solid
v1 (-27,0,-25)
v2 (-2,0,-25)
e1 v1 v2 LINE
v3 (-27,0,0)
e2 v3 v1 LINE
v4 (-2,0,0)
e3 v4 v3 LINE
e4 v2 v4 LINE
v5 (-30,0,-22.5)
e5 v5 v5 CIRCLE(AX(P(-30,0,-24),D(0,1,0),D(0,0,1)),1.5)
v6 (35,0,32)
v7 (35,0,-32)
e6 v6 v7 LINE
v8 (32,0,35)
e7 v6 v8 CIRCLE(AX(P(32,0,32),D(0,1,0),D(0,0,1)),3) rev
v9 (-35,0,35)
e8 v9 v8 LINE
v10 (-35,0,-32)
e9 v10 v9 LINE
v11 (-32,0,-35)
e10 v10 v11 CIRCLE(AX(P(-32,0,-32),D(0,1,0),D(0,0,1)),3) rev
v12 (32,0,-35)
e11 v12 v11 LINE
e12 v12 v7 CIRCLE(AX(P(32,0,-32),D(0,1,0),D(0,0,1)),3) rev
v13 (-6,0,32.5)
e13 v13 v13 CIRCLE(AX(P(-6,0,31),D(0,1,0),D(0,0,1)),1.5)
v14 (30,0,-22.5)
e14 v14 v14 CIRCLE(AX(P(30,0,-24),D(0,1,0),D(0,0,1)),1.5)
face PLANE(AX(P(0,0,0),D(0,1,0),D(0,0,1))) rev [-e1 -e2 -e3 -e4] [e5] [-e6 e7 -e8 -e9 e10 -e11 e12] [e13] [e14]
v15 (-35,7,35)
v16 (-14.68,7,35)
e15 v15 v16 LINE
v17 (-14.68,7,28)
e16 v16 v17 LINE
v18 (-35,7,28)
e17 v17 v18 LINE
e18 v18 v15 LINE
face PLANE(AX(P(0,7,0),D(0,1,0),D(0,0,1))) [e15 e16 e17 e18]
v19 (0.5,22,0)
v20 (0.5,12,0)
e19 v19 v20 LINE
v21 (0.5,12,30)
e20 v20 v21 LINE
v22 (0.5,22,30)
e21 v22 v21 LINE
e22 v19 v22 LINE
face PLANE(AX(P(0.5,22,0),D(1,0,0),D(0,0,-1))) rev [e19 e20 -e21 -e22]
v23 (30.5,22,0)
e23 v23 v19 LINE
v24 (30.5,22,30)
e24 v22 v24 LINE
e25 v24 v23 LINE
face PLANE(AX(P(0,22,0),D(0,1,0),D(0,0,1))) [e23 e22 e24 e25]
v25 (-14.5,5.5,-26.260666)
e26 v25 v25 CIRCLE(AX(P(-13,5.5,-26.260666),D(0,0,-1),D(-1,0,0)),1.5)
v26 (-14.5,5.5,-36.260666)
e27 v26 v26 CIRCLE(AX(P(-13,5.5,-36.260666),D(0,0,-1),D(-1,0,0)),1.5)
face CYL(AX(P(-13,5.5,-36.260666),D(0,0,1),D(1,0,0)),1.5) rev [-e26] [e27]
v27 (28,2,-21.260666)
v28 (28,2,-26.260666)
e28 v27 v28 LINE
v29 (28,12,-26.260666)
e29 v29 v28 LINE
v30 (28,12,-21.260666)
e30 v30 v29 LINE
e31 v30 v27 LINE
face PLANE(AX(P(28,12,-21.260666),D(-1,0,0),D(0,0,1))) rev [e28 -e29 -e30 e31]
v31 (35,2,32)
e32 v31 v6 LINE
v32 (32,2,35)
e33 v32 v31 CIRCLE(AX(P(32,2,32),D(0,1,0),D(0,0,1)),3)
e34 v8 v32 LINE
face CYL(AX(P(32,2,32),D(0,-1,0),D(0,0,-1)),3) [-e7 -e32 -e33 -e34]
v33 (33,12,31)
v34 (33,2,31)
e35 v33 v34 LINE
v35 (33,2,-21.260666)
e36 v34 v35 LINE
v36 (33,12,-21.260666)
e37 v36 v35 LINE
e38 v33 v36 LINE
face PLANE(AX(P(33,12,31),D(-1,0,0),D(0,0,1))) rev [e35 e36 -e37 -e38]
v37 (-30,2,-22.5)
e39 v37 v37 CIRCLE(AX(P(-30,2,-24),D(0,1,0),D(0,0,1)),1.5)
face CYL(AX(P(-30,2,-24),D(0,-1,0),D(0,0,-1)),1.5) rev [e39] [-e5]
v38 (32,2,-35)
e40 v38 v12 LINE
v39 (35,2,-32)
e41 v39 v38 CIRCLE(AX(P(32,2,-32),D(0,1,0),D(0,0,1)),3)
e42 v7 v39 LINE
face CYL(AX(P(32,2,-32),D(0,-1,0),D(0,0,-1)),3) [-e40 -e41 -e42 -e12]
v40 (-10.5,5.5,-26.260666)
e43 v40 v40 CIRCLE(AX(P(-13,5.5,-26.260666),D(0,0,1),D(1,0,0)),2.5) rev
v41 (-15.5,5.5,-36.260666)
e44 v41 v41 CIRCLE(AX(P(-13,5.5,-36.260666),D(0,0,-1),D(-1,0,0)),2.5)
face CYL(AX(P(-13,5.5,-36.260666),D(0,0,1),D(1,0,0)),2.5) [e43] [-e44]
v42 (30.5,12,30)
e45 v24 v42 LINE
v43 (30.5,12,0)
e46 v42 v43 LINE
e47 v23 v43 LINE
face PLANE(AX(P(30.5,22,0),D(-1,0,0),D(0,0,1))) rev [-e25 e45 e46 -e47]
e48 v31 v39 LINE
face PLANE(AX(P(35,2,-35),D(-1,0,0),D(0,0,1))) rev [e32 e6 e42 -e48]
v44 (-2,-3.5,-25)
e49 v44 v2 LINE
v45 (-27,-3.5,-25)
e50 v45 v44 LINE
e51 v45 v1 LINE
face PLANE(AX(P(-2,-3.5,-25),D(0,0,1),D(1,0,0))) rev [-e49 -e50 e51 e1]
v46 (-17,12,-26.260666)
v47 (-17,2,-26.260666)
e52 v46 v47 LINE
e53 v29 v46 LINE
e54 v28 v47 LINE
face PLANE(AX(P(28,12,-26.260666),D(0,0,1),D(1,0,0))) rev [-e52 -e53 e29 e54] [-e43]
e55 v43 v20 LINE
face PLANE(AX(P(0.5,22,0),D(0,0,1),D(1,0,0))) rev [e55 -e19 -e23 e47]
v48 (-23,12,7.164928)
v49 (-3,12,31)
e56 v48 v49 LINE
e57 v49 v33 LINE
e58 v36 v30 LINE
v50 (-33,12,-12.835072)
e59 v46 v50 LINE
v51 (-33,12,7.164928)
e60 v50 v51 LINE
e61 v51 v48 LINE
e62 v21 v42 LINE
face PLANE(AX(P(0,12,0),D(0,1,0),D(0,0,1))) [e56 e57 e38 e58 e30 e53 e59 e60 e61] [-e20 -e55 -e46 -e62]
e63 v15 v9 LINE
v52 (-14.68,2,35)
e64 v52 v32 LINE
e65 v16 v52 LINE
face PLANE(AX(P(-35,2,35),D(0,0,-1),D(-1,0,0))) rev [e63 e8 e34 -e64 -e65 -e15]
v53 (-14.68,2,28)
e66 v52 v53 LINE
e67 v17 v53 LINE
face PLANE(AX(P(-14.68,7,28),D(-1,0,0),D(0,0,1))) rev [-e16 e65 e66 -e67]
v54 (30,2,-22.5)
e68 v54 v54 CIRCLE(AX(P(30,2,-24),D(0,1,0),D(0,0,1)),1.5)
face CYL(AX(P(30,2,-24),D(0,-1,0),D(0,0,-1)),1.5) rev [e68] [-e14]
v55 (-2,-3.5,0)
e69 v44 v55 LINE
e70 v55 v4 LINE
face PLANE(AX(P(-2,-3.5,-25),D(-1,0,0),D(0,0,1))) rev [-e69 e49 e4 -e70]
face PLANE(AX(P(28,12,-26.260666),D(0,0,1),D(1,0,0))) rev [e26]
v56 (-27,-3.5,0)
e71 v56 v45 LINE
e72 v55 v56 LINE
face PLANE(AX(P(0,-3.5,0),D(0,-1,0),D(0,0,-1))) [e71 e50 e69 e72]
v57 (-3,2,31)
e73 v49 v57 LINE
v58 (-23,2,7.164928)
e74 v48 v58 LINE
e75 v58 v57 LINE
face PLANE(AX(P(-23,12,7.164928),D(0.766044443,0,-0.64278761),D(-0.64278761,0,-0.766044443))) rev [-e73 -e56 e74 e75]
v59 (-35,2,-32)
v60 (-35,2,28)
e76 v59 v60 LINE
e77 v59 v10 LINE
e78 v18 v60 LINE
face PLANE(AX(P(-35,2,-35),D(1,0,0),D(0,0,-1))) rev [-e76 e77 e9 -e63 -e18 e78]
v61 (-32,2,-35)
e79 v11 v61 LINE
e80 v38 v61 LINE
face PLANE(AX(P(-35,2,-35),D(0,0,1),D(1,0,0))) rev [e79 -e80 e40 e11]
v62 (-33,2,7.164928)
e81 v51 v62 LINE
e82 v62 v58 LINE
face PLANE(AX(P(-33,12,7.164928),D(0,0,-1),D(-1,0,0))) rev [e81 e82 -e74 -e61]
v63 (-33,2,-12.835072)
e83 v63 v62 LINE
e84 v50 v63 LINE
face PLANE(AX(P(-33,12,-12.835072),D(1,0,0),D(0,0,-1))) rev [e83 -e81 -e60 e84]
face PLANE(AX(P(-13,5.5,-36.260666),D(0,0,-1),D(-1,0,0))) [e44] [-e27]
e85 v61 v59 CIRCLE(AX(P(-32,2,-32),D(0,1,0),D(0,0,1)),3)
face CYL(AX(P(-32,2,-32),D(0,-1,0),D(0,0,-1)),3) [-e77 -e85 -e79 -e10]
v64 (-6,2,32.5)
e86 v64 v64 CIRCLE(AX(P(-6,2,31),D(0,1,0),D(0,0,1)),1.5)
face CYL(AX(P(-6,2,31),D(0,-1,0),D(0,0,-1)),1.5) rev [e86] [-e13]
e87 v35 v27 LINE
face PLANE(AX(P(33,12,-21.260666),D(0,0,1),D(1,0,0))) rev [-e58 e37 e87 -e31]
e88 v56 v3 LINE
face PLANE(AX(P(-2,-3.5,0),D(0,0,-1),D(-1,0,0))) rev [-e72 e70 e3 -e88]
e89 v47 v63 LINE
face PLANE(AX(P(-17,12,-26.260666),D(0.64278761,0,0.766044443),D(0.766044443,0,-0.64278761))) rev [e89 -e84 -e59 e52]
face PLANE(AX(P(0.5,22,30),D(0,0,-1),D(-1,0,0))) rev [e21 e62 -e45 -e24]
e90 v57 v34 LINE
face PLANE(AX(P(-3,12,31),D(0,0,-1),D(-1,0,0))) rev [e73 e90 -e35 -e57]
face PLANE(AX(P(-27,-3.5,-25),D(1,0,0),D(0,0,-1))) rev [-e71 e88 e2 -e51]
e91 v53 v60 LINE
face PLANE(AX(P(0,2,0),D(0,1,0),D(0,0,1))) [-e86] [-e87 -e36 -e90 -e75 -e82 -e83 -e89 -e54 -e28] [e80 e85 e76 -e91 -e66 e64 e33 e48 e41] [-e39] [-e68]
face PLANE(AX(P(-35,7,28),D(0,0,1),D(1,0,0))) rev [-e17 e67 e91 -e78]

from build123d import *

# Parameters (mm, degrees)
SKIZZE1_W                       = 70
SKIZZE1_H                       = 70
SKIZZE1_R                       = 1.5
AUFSATZ_LINEAR_AUSTRAGEN1_DEPTH = 2
SKIZZE2_W                       = 20.32
SKIZZE2_H                       = 7
AUFSATZ_LINEAR_AUSTRAGEN2_DEPTH = 5
AUFSATZ_LINEAR_AUSTRAGEN3_DEPTH = 10
SKIZZE4_W                       = 30
SKIZZE4_H                       = 30
AUFSATZ_LINEAR_AUSTRAGEN4_DEPTH = 10
SKIZZE5_R                       = 2.5
SKIZZE5_R_2                     = 1.5
AUFSATZ_LINEAR_AUSTRAGEN5_DEPTH = 10
SKIZZE6_W                       = 25
SKIZZE6_H                       = 25
AUFSATZ_LINEAR_AUSTRAGEN6_DEPTH = 3.5
VERRUNDUNG1_R                   = 3


with BuildPart() as part:
    # Skizze1 → Aufsatz-Linear austragen1 (new body)
    with BuildSketch(Plane(origin=(0, 0, 0), x_dir=(1, 0, 0), z_dir=(0, 1, 0))):
        Rectangle(SKIZZE1_W, SKIZZE1_H)
        with Locations((-6, -31)):
            Circle(SKIZZE1_R, mode=Mode.SUBTRACT)
        with Locations((-30, 24)):
            Circle(SKIZZE1_R, mode=Mode.SUBTRACT)
        with Locations((30, 24)):
            Circle(SKIZZE1_R, mode=Mode.SUBTRACT)
    extrude(amount=AUFSATZ_LINEAR_AUSTRAGEN1_DEPTH)

    # Skizze2 → Aufsatz-Linear austragen2 (add)
    with BuildSketch(Plane(origin=(0, 2, 0), x_dir=(1, 0, 0), z_dir=(0, 1, 0))):
        with Locations((-24.84, -31.5)):
            Rectangle(SKIZZE2_W, SKIZZE2_H)
    extrude(amount=AUFSATZ_LINEAR_AUSTRAGEN2_DEPTH)

    # Skizze3 → Aufsatz-Linear austragen3 (add)
    with BuildSketch(Plane(origin=(0, 2, 0), x_dir=(1, 0, 0), z_dir=(0, 1, 0))):
        Polygon((-33, -7.164928148), (-23, -7.164928148), (-3, -31), (33, -31), (33, 21.260665951), (28, 21.260665951), (28, 26.260665951), (-17, 26.260665951), (-33, 12.835071852), align=None)
    extrude(amount=AUFSATZ_LINEAR_AUSTRAGEN3_DEPTH)

    # Skizze4 → Aufsatz-Linear austragen4 (add)
    with BuildSketch(Plane(origin=(0, 12, 0), x_dir=(1, 0, 0), z_dir=(0, 1, 0))):
        with Locations((15.5, -15)):
            Rectangle(SKIZZE4_W, SKIZZE4_H)
    extrude(amount=AUFSATZ_LINEAR_AUSTRAGEN4_DEPTH)

    # Skizze5 → Aufsatz-Linear austragen5 (add)
    with BuildSketch(Plane(origin=(0, 0, -26.260665951), x_dir=(-1, 0, 0), z_dir=(0, 0, -1))):
        with Locations((13, 5.5)):
            Circle(SKIZZE5_R)
        with Locations((13, 5.5)):
            Circle(SKIZZE5_R_2, mode=Mode.SUBTRACT)
    extrude(amount=AUFSATZ_LINEAR_AUSTRAGEN5_DEPTH)

    # Skizze6 → Aufsatz-Linear austragen6 (add)
    with BuildSketch(Plane.XZ):
        with Locations((-14.5, -12.5)):
            Rectangle(SKIZZE6_W, SKIZZE6_H)
    extrude(amount=AUFSATZ_LINEAR_AUSTRAGEN6_DEPTH)

    # Verrundung1
    verrundung1_edges = [part.edges().sort_by_distance(p)[0] for p in [
        (-35, 1, -35),
        (35, 1, -35),
        (35, 1, 35),
    ]]
    fillet(verrundung1_edges, radius=VERRUNDUNG1_R)


solid = part.part
